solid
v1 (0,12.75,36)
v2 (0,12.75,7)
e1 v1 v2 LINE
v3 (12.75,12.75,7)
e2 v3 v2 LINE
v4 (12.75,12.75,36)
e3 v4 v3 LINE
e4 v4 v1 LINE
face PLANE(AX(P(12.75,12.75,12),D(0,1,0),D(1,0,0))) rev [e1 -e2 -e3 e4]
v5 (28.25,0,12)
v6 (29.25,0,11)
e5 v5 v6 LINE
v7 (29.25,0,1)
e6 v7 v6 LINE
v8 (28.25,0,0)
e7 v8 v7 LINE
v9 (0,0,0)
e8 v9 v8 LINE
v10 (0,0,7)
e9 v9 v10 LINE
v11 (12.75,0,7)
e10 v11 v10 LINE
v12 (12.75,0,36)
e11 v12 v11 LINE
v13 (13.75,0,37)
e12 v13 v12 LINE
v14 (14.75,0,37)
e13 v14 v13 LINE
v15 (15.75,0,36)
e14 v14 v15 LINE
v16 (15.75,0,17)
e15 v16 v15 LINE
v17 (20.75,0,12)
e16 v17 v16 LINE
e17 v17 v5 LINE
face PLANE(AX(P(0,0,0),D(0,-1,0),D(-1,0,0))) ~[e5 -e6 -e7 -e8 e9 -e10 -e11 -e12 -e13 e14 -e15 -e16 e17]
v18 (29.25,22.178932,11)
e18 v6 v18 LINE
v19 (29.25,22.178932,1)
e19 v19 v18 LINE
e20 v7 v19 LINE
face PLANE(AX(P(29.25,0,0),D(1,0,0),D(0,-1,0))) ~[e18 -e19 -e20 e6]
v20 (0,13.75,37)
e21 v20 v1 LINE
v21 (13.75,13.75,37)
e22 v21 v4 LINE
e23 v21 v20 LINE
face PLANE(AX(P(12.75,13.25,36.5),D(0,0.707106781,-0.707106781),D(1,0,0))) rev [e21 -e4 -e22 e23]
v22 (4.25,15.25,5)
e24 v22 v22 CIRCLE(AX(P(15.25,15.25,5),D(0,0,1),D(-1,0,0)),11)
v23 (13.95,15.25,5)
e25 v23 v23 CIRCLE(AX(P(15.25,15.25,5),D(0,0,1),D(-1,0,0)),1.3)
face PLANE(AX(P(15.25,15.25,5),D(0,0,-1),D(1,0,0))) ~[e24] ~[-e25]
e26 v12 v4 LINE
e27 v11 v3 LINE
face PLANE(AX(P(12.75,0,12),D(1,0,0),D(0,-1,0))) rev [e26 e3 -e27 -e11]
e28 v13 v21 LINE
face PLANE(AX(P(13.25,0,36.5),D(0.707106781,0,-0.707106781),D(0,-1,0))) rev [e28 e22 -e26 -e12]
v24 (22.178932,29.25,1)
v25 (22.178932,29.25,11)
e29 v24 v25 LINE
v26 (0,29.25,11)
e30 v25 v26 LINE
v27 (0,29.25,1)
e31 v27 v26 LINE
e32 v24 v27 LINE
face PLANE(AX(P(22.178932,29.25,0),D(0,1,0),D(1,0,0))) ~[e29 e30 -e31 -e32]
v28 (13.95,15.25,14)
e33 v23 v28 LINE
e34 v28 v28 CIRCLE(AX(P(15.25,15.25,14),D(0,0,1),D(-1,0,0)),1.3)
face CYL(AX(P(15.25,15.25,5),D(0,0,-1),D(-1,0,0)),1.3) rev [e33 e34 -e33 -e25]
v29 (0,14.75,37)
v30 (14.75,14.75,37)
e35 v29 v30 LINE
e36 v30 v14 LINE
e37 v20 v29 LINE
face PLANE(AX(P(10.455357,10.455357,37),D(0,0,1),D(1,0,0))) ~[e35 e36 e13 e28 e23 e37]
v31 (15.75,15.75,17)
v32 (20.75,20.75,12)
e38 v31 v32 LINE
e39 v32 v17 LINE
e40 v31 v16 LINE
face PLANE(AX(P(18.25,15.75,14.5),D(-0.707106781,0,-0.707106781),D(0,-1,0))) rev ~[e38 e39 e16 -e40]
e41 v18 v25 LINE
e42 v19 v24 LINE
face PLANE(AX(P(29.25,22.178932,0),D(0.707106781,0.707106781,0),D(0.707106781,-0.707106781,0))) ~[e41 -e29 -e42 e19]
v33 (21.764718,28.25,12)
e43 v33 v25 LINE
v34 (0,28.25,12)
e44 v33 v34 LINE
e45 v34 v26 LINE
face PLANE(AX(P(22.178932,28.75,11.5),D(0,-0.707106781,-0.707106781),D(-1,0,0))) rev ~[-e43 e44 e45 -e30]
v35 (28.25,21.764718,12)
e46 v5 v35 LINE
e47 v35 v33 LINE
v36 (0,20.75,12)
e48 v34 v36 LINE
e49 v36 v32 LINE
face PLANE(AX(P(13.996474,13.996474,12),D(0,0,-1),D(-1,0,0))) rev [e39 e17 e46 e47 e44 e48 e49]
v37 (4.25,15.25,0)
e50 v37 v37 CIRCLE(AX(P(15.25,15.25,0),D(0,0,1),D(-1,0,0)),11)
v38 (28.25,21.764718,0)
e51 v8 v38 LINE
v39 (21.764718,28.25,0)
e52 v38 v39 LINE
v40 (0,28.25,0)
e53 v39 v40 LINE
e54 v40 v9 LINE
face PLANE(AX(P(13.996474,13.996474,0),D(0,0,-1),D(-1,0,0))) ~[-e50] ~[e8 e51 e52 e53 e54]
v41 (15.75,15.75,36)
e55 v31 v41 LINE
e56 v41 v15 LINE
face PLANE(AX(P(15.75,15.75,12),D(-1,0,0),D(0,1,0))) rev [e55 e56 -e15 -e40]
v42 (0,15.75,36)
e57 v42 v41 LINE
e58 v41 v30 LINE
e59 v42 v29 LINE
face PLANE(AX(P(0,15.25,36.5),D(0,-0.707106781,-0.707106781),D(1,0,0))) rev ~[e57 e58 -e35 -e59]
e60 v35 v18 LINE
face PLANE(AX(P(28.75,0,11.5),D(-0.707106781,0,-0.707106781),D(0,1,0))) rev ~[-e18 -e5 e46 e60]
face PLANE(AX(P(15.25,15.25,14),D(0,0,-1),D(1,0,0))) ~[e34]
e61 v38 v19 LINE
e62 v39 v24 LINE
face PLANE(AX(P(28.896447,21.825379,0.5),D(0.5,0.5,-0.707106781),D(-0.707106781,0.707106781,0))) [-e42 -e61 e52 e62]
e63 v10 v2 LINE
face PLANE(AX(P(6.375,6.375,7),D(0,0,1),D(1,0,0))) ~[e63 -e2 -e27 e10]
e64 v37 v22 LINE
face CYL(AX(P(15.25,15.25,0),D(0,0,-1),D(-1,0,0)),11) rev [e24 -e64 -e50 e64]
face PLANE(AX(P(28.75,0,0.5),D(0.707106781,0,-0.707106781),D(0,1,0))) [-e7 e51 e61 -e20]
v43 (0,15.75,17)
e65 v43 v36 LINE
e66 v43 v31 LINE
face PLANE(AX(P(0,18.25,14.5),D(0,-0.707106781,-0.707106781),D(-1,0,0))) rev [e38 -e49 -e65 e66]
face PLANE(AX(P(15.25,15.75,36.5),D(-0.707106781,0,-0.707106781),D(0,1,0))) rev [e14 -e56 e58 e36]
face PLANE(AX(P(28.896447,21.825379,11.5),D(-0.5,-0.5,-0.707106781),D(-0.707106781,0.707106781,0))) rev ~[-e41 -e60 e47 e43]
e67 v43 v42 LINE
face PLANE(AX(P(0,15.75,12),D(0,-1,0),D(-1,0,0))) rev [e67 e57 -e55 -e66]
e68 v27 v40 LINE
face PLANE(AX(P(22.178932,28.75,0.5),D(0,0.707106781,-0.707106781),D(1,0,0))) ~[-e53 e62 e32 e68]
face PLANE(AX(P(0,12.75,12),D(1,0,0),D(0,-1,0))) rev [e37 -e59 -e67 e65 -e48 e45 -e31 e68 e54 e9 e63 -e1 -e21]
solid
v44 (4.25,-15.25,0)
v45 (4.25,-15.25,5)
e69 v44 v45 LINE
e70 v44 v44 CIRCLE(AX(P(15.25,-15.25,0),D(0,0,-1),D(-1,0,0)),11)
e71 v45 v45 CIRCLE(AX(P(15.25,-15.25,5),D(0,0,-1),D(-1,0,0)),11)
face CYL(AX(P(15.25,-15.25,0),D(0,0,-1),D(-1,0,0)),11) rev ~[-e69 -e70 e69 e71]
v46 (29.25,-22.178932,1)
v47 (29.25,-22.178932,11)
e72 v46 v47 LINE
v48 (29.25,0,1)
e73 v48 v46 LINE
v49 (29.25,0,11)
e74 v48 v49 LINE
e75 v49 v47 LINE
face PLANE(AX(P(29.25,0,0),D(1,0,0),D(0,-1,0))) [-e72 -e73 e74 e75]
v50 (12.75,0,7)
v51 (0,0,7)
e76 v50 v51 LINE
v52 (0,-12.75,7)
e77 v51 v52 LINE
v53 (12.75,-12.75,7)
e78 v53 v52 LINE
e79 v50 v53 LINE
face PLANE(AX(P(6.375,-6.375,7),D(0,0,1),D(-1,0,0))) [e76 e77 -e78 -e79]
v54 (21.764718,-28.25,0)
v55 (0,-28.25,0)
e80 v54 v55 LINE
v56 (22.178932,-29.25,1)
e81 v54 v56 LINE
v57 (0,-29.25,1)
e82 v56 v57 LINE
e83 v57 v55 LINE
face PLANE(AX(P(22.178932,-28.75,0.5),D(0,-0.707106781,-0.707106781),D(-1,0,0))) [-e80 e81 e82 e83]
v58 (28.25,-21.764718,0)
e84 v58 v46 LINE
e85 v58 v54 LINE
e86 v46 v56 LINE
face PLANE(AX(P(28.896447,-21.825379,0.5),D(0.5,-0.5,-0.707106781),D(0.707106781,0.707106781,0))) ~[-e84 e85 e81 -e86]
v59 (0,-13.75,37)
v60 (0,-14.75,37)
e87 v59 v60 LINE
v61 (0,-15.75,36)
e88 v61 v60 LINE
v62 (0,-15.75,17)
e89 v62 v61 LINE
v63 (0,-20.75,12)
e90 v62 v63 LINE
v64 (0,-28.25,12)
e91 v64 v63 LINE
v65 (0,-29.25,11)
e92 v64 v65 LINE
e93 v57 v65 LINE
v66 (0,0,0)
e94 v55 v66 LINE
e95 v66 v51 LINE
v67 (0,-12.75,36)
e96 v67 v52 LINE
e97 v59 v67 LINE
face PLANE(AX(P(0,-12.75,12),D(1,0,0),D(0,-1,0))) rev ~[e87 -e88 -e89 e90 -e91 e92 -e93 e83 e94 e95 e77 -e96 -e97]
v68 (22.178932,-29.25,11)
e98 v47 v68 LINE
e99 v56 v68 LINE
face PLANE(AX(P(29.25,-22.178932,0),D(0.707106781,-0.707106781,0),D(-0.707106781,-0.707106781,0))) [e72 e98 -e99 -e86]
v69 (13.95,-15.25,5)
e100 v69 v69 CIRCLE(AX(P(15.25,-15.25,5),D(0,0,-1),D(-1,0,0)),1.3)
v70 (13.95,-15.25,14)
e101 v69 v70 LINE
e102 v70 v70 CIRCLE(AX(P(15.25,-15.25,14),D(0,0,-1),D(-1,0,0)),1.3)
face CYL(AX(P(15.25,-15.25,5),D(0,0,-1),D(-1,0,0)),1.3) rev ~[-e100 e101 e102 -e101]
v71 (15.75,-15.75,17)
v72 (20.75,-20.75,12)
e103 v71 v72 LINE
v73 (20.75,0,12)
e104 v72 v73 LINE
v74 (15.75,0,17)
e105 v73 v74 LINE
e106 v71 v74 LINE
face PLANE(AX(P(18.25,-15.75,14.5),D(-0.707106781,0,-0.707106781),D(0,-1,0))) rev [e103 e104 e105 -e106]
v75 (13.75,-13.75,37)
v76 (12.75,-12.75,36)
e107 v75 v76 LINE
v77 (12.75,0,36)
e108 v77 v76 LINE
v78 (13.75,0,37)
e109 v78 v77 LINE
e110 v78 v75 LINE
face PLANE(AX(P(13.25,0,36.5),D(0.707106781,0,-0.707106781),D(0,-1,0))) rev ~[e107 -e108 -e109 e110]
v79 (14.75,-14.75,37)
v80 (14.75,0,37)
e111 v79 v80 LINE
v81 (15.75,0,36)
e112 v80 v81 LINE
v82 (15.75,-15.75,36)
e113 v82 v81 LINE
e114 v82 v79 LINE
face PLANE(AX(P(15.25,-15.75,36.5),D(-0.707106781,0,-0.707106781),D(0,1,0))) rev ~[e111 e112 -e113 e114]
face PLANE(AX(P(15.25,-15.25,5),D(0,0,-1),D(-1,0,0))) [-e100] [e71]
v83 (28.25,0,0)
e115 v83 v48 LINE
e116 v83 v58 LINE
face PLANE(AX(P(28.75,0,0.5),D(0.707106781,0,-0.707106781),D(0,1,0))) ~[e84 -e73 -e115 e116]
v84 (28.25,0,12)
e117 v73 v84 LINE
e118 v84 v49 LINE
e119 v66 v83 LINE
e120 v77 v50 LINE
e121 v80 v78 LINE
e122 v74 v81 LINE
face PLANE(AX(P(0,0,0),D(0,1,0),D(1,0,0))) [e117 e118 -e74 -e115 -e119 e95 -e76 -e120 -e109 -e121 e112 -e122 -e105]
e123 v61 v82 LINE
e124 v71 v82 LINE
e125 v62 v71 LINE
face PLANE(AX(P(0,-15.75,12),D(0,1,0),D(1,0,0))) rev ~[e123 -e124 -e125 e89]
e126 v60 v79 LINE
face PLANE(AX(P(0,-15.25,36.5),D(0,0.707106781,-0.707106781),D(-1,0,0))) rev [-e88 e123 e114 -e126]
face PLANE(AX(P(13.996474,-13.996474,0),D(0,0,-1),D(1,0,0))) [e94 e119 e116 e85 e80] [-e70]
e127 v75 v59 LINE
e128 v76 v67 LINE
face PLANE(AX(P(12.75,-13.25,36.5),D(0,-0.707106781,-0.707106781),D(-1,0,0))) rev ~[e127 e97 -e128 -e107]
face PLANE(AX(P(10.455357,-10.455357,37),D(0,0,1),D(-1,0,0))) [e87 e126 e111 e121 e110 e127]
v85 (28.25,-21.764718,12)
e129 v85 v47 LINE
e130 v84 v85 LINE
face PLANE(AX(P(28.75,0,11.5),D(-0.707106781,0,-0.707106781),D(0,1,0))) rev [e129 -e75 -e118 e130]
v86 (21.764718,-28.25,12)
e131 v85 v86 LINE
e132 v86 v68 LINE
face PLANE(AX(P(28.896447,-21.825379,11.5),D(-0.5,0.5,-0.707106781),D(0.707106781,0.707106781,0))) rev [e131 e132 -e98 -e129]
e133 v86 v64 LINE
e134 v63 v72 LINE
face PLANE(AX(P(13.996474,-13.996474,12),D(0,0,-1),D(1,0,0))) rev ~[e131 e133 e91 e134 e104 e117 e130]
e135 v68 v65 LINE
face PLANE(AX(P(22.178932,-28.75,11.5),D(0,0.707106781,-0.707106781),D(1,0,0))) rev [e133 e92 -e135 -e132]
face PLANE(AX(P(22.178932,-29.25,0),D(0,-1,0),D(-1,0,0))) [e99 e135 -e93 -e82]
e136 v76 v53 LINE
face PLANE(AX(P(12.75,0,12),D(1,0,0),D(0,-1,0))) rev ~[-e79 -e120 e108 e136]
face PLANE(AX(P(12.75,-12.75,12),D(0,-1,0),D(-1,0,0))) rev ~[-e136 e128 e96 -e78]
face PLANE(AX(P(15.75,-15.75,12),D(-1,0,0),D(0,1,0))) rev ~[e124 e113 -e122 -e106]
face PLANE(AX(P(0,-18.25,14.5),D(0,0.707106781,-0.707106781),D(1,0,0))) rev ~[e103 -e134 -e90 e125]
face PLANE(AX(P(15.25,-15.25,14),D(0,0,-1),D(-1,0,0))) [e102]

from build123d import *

# Parameters (mm, degrees)
PAD_DEPTH       = 12
SKETCH001_W     = 12.75
SKETCH001_H     = 12.75
POCKET_DEPTH    = 5
PAD001_DEPTH    = 25
SKETCH003_R     = 11
POCKET001_DEPTH = 5
CHAMFER_SIZE    = 5
SKETCH004_R     = 1.3
POCKET002_DEPTH = 9
CHAMFER001_SIZE = 1
CHAMFER002_SIZE = 1


with BuildPart() as k_rper:
    # Sketch → Pad (new body)
    with BuildSketch(Plane.XY):
        Polygon((0, 0), (-29.25, 0), (-29.25, 22.178932), (-22.178932, 29.25), (0, 29.25), align=None)
    extrude(amount=PAD_DEPTH)

    # Sketch001 (on Face7 of Pad) → Pocket (cut)
    with BuildSketch(Plane.XY.offset(12)):
        with Locations((-6.375, 6.375)):
            Rectangle(SKETCH001_W, SKETCH001_H)
    extrude(amount=-POCKET_DEPTH, mode=Mode.SUBTRACT)

    # Sketch002 (on Face4 of Pocket) → Pad001 (join)
    with BuildSketch(Plane.XY.offset(12)):
        Polygon((0, 12.75), (0, 15.75), (-15.75, 15.75), (-15.75, 0), (-12.75, 0), (-12.75, 12.75), align=None)
    extrude(amount=PAD001_DEPTH)

    # Sketch003 (on Face2 of Pad001) → Pocket001 (cut)
    with BuildSketch(Plane(origin=(0, 0, 0), x_dir=(1, 0, 0), z_dir=(0, 0, -1))):
        with Locations((-15.25, -15.25)):
            Circle(SKETCH003_R)
    extrude(amount=-POCKET001_DEPTH, mode=Mode.SUBTRACT)

    # Chamfer
    chamfer_edges = [k_rper.edges().sort_by_distance(p)[0] for p in [
        (-7.875, 15.75, 12),
        (-15.75, 7.875, 12),
    ]]
    chamfer(chamfer_edges, length=CHAMFER_SIZE)

    # Sketch004 (on Face18 of Pocket001) → Pocket002 (cut)
    with BuildSketch(Plane(origin=(0, 0, 5), x_dir=(1, 0, 0), z_dir=(0, 0, -1))):
        with Locations((-15.25, -15.25)):
            Circle(SKETCH004_R)
    extrude(amount=-POCKET002_DEPTH, mode=Mode.SUBTRACT)

    # Chamfer001
    chamfer001_edges = [k_rper.edges().sort_by_distance(p)[0] for p in [
        (-7.875, 15.75, 37),
        (-15.75, 7.875, 37),
        (-6.375, 12.75, 37),
        (-12.75, 6.375, 37),
    ]]
    chamfer(chamfer001_edges, length=CHAMFER001_SIZE)

    # Chamfer002
    chamfer002_edges = [k_rper.edges().sort_by_distance(p)[0] for p in [
        (-11.089466, 29.25, 12),
        (-25.714466, 25.714466, 12),
        (-29.25, 11.089466, 12),
        (-29.25, 11.089466, 0),
        (-25.714466, 25.714466, 0),
        (-11.089466, 29.25, 0),
    ]]
    chamfer(chamfer002_edges, length=CHAMFER002_SIZE)


with BuildPart() as part_mirroring001:
    # Part__Mirroring001: instance of Körper
    add(k_rper.part.mirror(Plane(origin=(0, 0, 0), x_dir=(0, -1, 0), z_dir=(1, 0, 0))))


with BuildPart() as part_mirroring:
    # Part__Mirroring: instance of Körper
    add(k_rper.part.mirror(Plane(origin=(0, 0, 0), x_dir=(1, 0, 0), z_dir=(0, 1, 0))))


with BuildPart() as part_mirroring002:
    # Part__Mirroring002: instance of Part__Mirroring
    add(part_mirroring.part.mirror(Plane(origin=(0, 0, 0), x_dir=(0, -1, 0), z_dir=(1, 0, 0))))


solid = Compound([part_mirroring001.part, part_mirroring002.part])
